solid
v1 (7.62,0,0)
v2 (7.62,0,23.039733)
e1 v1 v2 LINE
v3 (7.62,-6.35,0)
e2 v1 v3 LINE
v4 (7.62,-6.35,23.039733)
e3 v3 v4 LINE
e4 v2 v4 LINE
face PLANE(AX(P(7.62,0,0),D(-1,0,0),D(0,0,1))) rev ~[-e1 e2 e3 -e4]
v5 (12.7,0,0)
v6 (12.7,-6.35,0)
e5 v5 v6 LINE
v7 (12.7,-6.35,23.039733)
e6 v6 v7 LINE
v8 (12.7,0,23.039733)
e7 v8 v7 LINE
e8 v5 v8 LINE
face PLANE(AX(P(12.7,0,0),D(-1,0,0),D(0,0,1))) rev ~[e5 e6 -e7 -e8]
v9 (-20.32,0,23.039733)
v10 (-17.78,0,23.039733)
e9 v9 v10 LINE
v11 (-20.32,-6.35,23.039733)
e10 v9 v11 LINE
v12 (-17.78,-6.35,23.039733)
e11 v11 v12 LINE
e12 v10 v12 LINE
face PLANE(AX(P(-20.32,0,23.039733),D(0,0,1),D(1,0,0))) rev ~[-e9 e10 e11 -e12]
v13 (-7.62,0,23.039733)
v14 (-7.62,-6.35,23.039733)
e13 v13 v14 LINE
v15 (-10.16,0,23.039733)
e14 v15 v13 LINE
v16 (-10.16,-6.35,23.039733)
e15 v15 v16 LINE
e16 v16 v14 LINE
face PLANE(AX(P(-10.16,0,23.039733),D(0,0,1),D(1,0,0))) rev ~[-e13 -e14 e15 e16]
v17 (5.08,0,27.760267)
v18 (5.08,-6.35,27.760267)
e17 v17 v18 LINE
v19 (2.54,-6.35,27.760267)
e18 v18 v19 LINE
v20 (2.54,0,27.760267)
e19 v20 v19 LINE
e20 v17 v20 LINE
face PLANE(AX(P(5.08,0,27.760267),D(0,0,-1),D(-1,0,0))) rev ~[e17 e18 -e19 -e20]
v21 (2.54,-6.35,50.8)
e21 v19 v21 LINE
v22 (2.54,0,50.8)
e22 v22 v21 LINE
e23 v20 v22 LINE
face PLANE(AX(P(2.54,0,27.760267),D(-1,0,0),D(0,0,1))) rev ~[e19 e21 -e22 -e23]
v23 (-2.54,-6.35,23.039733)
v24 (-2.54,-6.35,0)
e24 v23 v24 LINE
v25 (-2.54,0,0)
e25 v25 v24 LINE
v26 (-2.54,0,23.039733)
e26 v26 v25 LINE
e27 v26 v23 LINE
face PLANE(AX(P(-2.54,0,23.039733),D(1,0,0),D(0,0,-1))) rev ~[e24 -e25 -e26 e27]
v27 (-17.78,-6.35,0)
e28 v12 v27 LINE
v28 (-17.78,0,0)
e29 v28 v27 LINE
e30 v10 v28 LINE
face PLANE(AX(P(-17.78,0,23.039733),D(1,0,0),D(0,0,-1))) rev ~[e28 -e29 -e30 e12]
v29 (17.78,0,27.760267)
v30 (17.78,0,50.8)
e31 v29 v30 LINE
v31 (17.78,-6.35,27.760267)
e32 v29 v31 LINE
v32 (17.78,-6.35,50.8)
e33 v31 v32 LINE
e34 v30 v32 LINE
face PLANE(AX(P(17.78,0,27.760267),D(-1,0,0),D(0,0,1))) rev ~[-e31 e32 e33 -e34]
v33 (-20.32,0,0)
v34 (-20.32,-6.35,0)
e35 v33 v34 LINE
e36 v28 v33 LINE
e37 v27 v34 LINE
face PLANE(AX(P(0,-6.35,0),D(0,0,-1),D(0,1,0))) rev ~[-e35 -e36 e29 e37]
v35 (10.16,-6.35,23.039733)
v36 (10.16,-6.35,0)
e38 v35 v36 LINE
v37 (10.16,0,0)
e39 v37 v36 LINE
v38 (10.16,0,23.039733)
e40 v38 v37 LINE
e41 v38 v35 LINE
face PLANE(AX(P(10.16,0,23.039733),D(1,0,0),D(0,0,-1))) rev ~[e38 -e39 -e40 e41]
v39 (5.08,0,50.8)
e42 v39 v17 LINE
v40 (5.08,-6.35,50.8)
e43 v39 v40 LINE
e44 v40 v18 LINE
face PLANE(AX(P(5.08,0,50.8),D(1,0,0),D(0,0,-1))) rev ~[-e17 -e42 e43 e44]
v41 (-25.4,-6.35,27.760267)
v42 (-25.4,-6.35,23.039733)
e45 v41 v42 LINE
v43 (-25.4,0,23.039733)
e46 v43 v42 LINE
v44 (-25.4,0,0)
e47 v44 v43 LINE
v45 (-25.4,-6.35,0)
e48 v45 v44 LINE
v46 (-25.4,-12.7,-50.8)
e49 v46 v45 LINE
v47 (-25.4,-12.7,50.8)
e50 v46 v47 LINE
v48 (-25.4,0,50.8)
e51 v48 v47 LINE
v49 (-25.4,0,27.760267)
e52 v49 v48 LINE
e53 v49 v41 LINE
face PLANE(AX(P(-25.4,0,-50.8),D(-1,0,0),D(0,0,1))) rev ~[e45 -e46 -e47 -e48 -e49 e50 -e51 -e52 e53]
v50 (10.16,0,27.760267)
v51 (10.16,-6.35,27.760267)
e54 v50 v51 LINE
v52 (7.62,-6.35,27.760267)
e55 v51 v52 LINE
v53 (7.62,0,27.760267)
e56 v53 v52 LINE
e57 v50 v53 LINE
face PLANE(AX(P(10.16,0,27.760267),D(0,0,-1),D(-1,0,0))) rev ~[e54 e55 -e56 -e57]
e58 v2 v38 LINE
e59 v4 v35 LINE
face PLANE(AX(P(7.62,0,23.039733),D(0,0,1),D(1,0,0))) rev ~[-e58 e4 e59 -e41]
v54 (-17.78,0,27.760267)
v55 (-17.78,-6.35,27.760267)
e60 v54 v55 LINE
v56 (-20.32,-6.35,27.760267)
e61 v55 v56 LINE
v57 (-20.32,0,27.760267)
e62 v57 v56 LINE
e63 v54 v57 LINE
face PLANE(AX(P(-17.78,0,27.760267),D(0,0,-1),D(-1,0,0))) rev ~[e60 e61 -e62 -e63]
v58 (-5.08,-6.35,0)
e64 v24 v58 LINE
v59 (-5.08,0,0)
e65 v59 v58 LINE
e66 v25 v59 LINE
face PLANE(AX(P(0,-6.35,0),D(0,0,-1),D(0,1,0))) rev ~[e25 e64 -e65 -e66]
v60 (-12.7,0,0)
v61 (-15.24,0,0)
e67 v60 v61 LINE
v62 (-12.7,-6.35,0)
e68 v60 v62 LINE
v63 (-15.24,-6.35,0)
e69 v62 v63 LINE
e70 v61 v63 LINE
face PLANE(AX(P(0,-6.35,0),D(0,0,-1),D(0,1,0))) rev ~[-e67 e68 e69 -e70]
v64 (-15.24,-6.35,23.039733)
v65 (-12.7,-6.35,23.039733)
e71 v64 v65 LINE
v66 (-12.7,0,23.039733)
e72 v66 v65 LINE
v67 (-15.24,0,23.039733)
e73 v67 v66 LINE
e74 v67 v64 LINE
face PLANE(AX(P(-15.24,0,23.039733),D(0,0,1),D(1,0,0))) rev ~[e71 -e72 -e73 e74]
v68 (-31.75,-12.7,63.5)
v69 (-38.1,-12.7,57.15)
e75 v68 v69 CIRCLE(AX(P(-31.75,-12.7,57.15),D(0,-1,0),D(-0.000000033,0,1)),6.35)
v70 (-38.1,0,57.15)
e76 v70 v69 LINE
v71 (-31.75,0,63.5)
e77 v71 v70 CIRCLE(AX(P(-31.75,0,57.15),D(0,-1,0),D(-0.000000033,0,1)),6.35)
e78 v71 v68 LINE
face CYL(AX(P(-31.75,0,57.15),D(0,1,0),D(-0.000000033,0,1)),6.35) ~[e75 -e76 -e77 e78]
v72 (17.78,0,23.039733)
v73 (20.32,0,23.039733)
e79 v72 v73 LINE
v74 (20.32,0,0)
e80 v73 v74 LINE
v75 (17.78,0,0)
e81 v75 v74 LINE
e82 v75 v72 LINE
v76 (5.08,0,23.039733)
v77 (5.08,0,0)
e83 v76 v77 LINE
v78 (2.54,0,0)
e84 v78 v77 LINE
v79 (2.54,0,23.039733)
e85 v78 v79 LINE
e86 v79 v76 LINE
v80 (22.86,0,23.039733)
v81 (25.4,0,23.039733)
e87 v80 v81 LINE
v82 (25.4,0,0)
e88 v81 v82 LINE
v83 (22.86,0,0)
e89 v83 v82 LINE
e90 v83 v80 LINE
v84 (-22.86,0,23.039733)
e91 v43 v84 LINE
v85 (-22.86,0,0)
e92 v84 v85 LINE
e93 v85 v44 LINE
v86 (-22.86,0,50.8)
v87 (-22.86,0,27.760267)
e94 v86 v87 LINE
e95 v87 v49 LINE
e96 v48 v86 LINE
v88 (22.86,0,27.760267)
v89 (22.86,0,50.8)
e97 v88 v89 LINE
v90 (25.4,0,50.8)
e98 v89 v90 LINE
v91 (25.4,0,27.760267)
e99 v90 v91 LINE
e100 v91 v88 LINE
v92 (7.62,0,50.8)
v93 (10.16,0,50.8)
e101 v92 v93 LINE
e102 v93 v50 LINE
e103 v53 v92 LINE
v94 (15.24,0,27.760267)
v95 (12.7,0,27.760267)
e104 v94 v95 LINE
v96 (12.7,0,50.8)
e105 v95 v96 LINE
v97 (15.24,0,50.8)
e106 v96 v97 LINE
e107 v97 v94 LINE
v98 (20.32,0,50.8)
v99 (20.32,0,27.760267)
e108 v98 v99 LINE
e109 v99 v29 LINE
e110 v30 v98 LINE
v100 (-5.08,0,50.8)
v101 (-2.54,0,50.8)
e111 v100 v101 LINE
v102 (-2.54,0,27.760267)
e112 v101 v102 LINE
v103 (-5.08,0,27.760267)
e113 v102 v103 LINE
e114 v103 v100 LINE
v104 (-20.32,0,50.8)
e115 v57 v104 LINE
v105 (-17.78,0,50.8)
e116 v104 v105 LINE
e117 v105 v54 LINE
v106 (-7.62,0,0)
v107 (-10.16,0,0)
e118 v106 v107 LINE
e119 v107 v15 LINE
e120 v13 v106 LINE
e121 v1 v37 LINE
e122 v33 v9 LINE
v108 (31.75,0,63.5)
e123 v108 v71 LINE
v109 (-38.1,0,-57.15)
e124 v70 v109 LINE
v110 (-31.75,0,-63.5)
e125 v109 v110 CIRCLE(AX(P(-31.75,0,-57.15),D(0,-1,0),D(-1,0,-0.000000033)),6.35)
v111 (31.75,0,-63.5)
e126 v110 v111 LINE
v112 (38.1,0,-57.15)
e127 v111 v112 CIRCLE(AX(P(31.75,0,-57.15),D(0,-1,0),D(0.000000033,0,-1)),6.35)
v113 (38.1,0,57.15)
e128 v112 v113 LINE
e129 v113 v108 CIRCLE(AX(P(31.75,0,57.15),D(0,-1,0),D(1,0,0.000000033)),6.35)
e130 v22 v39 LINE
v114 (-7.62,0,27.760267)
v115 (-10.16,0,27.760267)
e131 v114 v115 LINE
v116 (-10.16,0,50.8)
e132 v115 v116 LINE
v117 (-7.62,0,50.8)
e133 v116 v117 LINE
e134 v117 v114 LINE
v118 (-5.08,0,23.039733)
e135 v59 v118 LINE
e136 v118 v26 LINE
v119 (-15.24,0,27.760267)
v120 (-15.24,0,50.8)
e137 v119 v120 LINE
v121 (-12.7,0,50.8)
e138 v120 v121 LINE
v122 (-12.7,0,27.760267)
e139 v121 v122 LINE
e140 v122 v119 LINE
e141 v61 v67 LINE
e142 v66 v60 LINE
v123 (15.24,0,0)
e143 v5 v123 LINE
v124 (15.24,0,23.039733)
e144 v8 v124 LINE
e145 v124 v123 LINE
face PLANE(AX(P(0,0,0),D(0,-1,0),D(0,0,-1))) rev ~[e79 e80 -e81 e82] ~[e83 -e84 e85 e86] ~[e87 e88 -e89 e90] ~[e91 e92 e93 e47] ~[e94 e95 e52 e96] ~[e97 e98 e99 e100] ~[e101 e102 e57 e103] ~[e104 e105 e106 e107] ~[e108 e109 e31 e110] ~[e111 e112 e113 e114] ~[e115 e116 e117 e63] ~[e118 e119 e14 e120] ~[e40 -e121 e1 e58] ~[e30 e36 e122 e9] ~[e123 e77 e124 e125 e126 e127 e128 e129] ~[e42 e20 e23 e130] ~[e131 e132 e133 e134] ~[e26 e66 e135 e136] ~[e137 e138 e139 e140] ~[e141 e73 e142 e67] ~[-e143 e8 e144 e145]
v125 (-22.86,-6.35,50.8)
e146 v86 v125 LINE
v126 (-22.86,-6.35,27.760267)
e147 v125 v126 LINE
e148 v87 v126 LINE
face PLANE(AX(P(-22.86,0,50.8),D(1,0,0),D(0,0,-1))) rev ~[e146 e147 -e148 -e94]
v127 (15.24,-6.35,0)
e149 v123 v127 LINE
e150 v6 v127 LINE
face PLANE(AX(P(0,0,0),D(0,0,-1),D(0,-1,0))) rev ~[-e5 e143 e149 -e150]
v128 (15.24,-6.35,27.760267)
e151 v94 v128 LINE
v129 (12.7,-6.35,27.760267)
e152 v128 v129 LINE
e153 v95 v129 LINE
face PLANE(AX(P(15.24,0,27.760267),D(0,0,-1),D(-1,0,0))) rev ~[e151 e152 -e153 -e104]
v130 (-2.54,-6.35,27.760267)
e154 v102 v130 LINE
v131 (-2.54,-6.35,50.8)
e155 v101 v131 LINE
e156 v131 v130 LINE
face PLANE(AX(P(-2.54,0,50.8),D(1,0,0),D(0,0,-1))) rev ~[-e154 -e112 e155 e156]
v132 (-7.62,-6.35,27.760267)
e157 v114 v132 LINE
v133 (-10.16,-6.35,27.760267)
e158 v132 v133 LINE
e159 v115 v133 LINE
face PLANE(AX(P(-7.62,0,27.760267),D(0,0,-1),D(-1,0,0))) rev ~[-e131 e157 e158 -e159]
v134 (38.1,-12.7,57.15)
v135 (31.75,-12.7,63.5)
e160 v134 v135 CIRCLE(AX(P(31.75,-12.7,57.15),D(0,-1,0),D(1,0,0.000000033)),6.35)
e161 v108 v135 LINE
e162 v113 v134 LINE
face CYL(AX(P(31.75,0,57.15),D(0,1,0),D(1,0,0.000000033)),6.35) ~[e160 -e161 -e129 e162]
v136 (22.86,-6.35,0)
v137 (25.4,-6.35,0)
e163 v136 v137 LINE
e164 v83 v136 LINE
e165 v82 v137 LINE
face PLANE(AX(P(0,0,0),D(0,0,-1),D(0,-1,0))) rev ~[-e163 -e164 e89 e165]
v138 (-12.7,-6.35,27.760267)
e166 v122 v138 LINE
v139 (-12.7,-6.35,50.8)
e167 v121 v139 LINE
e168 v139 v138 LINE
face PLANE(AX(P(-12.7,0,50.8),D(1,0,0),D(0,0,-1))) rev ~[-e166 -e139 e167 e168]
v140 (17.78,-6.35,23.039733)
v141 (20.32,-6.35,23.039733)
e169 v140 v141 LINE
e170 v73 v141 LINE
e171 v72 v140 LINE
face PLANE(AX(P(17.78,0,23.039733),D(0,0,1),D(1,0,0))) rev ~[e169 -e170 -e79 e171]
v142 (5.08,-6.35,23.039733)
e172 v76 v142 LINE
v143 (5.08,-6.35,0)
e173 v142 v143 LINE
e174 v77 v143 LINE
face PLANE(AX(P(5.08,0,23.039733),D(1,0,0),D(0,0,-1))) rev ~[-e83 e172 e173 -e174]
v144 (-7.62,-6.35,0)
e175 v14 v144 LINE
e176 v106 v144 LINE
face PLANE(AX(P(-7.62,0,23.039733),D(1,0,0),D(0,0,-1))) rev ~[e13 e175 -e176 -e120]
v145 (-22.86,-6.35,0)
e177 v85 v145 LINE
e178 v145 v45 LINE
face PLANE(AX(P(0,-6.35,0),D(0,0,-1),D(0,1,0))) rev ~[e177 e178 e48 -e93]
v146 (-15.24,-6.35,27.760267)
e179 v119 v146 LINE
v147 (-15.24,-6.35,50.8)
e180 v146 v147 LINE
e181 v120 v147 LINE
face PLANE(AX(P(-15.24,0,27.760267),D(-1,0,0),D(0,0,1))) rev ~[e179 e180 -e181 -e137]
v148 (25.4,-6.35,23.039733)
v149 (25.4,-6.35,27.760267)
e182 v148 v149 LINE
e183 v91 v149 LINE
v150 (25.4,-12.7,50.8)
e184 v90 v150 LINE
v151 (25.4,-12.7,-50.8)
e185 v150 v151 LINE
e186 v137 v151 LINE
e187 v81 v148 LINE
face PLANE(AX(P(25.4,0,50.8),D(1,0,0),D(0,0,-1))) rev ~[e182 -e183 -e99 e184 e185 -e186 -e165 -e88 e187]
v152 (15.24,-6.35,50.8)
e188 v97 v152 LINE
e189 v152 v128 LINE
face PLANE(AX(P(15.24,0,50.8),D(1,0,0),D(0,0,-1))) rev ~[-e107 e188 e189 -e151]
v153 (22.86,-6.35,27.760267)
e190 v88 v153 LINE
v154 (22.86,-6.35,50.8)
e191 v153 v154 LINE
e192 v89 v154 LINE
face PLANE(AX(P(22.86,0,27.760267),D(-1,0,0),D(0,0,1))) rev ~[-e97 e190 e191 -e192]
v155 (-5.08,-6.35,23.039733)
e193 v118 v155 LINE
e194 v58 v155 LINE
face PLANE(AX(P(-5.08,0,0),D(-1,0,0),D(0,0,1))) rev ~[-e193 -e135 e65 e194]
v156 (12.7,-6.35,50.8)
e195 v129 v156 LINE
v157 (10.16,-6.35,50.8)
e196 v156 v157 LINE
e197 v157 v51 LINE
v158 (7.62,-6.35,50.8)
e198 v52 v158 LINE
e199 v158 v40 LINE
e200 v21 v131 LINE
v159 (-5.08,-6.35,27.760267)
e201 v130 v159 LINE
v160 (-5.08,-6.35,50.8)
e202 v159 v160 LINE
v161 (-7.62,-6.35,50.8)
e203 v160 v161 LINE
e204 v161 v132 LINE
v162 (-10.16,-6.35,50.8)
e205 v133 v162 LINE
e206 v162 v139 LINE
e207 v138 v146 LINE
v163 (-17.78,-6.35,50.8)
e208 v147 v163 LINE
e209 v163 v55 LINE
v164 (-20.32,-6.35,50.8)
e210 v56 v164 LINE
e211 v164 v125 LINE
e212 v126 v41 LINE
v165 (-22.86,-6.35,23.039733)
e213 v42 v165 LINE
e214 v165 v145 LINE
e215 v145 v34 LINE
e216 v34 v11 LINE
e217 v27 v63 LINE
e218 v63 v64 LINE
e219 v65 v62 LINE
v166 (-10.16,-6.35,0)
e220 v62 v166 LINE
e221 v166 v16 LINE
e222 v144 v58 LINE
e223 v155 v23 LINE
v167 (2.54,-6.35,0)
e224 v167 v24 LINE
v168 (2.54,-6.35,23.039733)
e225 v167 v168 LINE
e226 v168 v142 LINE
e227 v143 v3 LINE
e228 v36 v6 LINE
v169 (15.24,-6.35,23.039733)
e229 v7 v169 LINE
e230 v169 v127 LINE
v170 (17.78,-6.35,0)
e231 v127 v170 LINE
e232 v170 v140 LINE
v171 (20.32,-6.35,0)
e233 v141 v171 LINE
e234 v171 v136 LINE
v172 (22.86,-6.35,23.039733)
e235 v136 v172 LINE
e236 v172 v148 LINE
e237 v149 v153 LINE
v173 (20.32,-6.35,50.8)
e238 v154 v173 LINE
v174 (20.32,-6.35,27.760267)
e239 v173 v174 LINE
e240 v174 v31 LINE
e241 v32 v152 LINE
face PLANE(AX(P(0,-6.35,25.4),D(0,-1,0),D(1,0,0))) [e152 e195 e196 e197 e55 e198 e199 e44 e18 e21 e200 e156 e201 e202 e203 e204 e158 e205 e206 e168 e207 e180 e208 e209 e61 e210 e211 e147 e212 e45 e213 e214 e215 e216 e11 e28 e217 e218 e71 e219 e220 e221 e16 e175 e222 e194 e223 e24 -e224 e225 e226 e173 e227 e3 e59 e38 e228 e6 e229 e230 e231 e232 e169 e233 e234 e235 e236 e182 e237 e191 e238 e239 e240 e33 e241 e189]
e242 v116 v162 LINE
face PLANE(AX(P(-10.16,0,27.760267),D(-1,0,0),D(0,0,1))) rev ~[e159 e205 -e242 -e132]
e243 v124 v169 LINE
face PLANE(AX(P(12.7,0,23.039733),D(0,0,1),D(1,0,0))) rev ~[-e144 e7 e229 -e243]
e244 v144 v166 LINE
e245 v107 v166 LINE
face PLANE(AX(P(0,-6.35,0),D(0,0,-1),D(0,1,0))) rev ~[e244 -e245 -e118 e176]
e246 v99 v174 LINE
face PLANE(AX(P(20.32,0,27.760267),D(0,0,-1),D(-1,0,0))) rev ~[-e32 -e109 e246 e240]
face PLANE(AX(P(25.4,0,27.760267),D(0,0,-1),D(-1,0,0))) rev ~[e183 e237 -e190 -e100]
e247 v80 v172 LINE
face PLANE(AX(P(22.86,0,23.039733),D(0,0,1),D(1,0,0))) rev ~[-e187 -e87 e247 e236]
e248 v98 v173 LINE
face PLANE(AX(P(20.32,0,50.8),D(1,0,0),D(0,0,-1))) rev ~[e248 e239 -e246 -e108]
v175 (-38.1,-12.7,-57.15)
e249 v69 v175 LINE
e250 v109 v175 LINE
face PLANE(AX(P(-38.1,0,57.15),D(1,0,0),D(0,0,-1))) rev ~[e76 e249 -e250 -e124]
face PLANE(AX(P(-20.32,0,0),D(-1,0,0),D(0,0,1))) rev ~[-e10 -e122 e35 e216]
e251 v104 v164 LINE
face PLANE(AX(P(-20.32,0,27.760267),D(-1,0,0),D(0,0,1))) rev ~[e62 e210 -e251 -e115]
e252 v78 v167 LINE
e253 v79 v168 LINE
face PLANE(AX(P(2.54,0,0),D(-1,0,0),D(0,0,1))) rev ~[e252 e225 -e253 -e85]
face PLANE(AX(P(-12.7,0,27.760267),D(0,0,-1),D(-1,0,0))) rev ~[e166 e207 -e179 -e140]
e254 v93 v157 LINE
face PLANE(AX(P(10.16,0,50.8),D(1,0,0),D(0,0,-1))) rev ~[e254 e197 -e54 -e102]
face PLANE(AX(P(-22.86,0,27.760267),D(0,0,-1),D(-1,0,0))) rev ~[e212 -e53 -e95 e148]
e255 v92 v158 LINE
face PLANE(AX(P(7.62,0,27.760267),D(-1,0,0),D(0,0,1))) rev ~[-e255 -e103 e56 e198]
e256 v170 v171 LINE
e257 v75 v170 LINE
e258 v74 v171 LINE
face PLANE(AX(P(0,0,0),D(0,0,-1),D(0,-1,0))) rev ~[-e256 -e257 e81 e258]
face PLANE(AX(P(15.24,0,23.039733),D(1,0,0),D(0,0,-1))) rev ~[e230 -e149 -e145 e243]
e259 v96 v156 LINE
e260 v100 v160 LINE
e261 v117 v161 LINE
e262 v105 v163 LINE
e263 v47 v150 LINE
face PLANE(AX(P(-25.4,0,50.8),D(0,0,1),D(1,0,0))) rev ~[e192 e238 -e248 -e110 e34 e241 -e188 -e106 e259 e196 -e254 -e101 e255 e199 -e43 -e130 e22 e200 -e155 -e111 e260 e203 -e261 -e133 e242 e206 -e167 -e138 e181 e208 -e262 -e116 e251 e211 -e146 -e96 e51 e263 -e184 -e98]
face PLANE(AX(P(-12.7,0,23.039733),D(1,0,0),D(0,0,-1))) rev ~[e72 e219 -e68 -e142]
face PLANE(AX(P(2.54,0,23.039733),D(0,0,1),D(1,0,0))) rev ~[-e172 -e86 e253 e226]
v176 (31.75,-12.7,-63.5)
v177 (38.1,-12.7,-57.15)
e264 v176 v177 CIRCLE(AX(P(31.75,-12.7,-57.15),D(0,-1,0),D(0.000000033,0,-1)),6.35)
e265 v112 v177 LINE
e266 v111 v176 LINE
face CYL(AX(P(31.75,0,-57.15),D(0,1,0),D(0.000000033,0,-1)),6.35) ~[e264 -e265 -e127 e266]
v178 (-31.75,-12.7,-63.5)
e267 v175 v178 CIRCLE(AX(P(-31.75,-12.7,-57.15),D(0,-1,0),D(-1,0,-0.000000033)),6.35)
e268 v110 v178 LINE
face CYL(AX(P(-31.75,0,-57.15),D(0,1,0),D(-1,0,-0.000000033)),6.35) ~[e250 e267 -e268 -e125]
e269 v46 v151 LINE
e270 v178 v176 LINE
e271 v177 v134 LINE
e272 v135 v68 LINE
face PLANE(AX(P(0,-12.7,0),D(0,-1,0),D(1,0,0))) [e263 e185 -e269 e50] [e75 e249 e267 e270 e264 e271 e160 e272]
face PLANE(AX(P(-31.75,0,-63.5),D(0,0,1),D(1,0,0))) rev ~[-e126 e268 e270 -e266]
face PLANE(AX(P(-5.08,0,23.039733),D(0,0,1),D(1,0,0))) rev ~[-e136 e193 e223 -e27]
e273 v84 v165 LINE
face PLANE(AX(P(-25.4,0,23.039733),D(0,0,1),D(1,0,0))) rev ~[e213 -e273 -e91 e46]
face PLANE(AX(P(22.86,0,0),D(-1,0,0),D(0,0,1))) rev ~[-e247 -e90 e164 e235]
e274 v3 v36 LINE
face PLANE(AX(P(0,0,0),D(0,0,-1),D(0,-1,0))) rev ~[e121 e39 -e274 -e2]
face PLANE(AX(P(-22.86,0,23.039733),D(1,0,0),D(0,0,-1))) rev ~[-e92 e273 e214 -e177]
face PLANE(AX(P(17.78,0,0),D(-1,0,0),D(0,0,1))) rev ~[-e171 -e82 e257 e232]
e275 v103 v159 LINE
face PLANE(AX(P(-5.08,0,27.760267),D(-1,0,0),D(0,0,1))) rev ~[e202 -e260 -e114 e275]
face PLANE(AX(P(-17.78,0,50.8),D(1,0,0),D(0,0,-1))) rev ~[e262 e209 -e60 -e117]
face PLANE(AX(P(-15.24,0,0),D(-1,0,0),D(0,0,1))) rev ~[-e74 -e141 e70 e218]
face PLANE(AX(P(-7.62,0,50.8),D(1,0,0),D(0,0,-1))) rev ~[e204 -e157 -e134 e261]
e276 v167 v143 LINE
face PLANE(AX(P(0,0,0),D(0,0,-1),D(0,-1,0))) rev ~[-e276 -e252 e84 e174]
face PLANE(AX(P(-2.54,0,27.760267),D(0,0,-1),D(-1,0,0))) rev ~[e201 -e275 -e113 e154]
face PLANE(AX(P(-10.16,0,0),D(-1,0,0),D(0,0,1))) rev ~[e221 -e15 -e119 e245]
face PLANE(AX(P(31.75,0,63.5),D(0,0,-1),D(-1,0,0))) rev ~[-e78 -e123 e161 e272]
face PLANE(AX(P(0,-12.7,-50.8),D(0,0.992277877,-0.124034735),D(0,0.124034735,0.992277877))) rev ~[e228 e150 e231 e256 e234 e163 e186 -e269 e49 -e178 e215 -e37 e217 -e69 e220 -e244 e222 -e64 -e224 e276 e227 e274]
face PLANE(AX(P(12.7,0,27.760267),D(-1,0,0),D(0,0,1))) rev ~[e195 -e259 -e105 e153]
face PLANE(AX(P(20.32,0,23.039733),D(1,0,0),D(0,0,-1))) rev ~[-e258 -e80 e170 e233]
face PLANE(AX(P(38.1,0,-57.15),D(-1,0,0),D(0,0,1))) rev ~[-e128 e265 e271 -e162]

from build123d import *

# Parameters (mm, degrees)
F1_DEPTH = 12.7
F2_DEPTH = 6.35
F4_DEPTH = 25.4
F5_DEPTH = 25.4


with BuildPart() as f1:
    # F0 (on Front) → F1 (new body)
    with BuildSketch(Plane.XZ):
        with BuildLine():
            ThreePointArc((38.1, 57.15), (36.240128, 61.640128), (31.75, 63.5))
            Line((31.75, 63.5), (-31.75, 63.5))
            ThreePointArc((-31.75, 63.5), (-36.240128, 61.640128), (-38.1, 57.15))
            Line((-38.1, 57.15), (-38.1, -57.15))
            ThreePointArc((-38.1, -57.15), (-36.240128, -61.640128), (-31.75, -63.5))
            Line((-31.75, -63.5), (31.75, -63.5))
            ThreePointArc((31.75, -63.5), (36.240128, -61.640128), (38.1, -57.15))
            Line((38.1, -57.15), (38.1, 57.15))
        make_face()
        Polygon((22.86, 50.8), (25.4, 50.8), (25.4, 27.760267), (25.4, 23.039733), (25.4, 0), (25.4, -50.8), (-25.4, -50.8), (-25.4, 0), (-25.4, 23.039733), (-25.4, 27.760267), (-25.4, 50.8), (-22.86, 50.8), (-20.32, 50.8), (-17.78, 50.8), (-15.24, 50.8), (-12.7, 50.8), (-10.16, 50.8), (-7.62, 50.8), (-5.08, 50.8), (-2.54, 50.8), (0, 50.8), (2.54, 50.8), (5.08, 50.8), (7.62, 50.8), (10.16, 50.8), (12.7, 50.8), (15.24, 50.8), (17.78, 50.8), (20.32, 50.8), align=None, mode=Mode.SUBTRACT)
    extrude(amount=F1_DEPTH)

    # F0 (on Front) → F2 (join)
    with BuildSketch(Plane.XZ):
        Polygon((22.86, 27.760267), (22.86, 50.8), (20.32, 50.8), (20.32, 27.760267), (17.78, 27.760267), (17.78, 50.8), (15.24, 50.8), (15.24, 27.760267), (12.7, 27.760267), (12.7, 50.8), (10.16, 50.8), (10.16, 27.760267), (7.62, 27.760267), (7.62, 50.8), (5.08, 50.8), (5.08, 27.760267), (2.54, 27.760267), (2.54, 50.8), (0, 50.8), (-2.54, 50.8), (-2.54, 27.760267), (-5.08, 27.760267), (-5.08, 50.8), (-7.62, 50.8), (-7.62, 27.760267), (-10.16, 27.760267), (-10.16, 50.8), (-12.7, 50.8), (-12.7, 27.760267), (-15.24, 27.760267), (-15.24, 50.8), (-17.78, 50.8), (-17.78, 27.760267), (-20.32, 27.760267), (-20.32, 50.8), (-22.86, 50.8), (-22.86, 27.760267), (-25.4, 27.760267), (-25.4, 23.039733), (-22.86, 23.039733), (-22.86, 0), (-20.32, 0), (-20.32, 23.039733), (-17.78, 23.039733), (-17.78, 0), (-15.24, 0), (-15.24, 23.039733), (-12.7, 23.039733), (-12.7, 0), (-10.16, 0), (-10.16, 23.039733), (-7.62, 23.039733), (-7.62, 0), (-5.08, 0), (-5.08, 23.039733), (-2.54, 23.039733), (-2.54, 0), (0, 0), (2.54, 0), (2.54, 23.039733), (5.08, 23.039733), (5.08, 0), (7.62, 0), (7.62, 23.039733), (10.16, 23.039733), (10.16, 0), (12.7, 0), (12.7, 23.039733), (15.24, 23.039733), (15.24, 0), (17.78, 0), (17.78, 23.039733), (20.32, 23.039733), (20.32, 0), (22.86, 0), (22.86, 23.039733), (25.4, 23.039733), (25.4, 27.760267), align=None)
    extrude(amount=F2_DEPTH)

    # F3 (on Right) → F4 (join, through all)
    with BuildSketch(Plane.YZ):
        Polygon((0, -50.8), (0, 0), (-6.35, 0), (-12.7, -50.8), align=None)
    extrude(amount=F4_DEPTH)

    # F4_face (on face) → F5 (join, through all)
    with BuildSketch(Plane(origin=(0, -4.938889, -28.222222), x_dir=(0, 1, 0), z_dir=(-1, 0, 0))):
        Polygon((4.938889, -28.222222), (4.938889, 22.577778), (-7.761111, 22.577778), (-1.411111, -28.222222), align=None)
    extrude(amount=F5_DEPTH)


solid = f1.part
